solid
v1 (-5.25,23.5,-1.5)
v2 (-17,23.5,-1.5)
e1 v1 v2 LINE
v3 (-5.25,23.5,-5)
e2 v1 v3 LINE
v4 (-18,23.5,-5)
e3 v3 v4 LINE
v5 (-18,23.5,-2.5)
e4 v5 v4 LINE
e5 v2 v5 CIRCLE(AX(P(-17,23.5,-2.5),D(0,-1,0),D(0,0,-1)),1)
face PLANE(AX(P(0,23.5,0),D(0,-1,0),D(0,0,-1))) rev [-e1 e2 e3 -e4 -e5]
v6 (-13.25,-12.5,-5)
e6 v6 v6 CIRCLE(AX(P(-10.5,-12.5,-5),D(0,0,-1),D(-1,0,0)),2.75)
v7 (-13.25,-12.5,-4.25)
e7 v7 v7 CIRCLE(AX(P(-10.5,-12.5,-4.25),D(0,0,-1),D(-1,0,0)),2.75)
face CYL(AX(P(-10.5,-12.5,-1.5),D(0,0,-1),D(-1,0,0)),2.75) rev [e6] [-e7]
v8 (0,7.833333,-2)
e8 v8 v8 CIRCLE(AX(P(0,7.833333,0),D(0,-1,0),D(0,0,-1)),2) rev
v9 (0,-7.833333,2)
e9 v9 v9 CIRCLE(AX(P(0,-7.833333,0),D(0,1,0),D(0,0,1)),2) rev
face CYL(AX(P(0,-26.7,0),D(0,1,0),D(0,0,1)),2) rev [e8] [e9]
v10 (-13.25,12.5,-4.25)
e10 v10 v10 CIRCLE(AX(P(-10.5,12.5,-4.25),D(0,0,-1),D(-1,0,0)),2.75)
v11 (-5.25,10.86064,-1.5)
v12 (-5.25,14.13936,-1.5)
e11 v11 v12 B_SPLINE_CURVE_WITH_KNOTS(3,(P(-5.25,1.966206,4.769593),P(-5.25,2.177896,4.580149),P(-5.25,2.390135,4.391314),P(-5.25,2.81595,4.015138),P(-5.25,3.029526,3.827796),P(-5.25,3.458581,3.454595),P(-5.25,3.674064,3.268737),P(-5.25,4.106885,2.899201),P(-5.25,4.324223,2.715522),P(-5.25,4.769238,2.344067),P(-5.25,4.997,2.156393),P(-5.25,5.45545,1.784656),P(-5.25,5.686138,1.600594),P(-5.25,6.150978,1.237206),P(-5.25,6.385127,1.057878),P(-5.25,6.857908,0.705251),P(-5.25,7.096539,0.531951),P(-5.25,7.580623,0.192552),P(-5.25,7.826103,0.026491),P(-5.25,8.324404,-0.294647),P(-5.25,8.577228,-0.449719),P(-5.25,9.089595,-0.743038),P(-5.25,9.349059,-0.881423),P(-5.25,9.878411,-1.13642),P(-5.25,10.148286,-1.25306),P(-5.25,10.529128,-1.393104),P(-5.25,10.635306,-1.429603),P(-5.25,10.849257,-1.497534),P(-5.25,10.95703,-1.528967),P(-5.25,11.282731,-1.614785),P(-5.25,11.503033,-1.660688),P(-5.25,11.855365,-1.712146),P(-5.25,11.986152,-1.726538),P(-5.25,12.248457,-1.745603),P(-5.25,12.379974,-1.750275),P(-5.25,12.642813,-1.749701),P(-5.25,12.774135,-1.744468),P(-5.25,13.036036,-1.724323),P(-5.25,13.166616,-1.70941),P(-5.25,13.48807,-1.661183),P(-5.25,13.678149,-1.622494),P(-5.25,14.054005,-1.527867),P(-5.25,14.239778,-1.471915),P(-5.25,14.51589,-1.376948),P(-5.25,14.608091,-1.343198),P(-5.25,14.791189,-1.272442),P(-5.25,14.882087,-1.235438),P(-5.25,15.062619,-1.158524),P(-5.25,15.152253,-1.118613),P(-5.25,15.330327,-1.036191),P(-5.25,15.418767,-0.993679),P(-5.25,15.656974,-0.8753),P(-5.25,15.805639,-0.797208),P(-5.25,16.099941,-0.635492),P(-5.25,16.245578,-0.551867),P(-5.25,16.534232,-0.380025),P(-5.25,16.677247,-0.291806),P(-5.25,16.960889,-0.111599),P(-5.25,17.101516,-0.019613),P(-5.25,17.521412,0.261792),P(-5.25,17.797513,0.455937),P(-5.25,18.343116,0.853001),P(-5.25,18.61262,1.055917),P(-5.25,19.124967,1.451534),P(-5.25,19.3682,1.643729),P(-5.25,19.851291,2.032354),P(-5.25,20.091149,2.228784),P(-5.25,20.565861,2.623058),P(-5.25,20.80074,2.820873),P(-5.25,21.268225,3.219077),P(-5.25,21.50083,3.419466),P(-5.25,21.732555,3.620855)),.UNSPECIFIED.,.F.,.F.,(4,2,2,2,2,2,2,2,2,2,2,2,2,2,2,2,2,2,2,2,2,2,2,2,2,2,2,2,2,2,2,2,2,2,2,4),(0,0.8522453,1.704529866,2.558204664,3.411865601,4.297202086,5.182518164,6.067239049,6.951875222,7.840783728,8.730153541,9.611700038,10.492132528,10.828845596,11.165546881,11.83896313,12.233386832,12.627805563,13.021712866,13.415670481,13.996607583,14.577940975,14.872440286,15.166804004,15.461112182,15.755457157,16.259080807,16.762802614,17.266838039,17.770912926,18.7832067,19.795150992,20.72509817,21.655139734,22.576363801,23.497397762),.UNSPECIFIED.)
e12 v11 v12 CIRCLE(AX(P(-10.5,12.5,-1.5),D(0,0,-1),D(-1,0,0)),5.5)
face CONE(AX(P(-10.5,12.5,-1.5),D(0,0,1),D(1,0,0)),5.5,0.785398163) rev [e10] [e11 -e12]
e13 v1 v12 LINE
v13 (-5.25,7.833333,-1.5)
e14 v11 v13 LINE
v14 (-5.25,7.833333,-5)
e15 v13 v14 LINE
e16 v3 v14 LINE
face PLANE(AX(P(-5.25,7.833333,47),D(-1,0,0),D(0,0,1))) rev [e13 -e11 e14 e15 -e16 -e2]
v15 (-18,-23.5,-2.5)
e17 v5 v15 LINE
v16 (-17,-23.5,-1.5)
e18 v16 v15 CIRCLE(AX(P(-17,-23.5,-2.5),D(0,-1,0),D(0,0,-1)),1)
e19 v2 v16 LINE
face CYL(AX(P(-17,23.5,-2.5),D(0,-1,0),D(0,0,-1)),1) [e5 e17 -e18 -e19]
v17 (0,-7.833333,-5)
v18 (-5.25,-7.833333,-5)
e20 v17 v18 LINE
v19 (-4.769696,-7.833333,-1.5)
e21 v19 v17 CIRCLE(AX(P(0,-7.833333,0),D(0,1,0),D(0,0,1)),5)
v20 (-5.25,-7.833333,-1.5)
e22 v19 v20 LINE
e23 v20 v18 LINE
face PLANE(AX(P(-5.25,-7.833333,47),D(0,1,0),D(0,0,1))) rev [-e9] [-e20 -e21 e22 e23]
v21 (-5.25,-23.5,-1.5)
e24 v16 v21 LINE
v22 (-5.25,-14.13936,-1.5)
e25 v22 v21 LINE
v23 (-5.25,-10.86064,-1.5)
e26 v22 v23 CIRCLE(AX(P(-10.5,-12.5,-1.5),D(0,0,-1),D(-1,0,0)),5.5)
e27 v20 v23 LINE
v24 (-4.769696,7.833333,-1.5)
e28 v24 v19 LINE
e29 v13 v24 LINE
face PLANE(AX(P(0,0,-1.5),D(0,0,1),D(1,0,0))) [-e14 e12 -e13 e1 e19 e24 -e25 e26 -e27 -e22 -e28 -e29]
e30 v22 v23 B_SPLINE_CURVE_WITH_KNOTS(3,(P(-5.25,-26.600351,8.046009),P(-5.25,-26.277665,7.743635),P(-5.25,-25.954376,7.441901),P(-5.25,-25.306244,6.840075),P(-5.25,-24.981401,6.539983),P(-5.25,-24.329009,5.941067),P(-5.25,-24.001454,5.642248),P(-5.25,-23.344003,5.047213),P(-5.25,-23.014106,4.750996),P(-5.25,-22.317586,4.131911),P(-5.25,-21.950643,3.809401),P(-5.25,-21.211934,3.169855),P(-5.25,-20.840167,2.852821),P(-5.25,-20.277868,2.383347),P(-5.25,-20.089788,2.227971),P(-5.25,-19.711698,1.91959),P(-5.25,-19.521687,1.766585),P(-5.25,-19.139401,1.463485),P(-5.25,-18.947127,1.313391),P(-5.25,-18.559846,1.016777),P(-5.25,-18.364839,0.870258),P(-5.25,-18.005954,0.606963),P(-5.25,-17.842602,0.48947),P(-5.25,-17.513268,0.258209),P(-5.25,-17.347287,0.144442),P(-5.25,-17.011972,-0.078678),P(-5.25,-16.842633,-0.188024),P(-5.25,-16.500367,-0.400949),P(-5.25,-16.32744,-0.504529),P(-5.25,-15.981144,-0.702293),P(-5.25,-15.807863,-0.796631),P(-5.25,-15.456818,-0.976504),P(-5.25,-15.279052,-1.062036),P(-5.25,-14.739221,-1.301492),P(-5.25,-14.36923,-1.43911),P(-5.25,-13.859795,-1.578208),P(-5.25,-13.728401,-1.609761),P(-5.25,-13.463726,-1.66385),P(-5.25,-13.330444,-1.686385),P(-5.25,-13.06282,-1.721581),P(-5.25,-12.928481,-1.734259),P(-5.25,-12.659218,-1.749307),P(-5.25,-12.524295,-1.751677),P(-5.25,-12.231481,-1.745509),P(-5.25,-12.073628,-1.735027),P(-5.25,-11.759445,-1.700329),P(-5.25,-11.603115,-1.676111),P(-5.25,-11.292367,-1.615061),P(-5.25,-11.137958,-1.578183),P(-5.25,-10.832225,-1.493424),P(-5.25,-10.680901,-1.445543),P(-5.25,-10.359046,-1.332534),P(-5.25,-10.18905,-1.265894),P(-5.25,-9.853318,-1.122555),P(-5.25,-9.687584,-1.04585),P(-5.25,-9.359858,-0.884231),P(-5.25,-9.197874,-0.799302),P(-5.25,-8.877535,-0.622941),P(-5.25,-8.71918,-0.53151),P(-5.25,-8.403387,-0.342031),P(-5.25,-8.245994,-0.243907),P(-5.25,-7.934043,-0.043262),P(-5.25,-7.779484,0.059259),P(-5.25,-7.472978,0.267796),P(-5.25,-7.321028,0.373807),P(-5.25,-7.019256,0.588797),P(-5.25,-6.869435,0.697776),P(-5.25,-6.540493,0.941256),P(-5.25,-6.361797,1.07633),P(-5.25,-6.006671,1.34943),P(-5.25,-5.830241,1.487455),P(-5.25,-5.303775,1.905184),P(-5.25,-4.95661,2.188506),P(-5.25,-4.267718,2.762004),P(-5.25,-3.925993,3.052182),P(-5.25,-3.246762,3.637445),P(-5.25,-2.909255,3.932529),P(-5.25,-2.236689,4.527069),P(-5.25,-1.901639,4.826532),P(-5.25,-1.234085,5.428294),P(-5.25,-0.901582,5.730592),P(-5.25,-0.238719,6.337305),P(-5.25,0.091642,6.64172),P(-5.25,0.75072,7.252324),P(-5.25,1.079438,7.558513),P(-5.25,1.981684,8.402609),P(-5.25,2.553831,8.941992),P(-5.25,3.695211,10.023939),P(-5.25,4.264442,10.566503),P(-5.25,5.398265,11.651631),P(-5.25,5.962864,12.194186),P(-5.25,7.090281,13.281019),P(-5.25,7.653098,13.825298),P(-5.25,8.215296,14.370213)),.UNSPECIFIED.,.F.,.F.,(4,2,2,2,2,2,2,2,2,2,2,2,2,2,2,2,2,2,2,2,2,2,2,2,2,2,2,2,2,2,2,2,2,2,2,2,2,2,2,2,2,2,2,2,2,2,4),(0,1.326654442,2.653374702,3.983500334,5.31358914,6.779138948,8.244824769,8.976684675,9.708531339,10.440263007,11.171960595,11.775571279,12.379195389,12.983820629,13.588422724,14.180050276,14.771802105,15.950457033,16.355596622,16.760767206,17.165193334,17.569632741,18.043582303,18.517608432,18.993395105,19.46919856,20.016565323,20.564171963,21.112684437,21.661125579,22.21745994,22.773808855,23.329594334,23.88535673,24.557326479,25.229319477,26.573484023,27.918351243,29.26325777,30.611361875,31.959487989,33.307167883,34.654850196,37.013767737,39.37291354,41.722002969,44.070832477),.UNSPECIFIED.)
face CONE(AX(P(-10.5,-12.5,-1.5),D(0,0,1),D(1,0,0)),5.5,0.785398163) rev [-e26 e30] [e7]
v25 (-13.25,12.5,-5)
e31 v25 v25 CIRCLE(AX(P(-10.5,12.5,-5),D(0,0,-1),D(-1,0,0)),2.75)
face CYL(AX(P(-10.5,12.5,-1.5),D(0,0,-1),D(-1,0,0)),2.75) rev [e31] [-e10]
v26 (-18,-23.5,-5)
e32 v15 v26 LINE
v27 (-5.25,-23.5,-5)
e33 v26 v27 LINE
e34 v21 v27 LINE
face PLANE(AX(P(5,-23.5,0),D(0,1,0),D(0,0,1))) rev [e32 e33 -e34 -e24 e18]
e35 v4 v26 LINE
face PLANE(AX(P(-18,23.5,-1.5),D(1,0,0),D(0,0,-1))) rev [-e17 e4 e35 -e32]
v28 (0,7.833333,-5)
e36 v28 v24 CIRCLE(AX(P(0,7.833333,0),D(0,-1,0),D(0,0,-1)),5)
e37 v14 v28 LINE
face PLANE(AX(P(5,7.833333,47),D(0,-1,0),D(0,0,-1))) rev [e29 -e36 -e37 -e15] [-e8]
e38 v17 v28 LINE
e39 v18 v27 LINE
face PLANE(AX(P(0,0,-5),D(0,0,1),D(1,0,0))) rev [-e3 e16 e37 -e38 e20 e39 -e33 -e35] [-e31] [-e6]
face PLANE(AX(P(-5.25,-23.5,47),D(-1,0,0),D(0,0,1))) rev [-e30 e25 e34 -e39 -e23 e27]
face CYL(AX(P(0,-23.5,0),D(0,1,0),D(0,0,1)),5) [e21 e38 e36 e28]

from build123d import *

# Parameters (mm, degrees)
SKETCH1_W               = 5
SKETCH1_H               = 47
SKETCH2_W               = 18
SKETCH2_H               = 47
BOSS_EXTRUDE1_DEPTH     = 3.5
CUT_EXTRUDE1_DEPTH      = 47
CUT_EXTRUDE1_DEPTH_BACK = 47
SKETCH3_W               = 94
SKETCH3_H               = 94
SKETCH4_W               = 2
SKETCH4_H               = 53.4
CUT_EXTRUDE2_DEPTH      = 23.5
CUT_EXTRUDE2_DEPTH_BACK = 23.5


with BuildPart() as part:
    # Sketch1 → Revolve1 (revolve)
    with BuildSketch(Plane.XY):
        with Locations((2.5, 0)):
            Rectangle(SKETCH1_W, SKETCH1_H)
    revolve(axis=Axis((0, -23.5, 0), (0, 1, 0)))

    # Sketch2 → Boss-Extrude1 (add)
    with BuildSketch(Plane.XY.offset(-5)):
        with Locations((-9, 0)):
            Rectangle(SKETCH2_W, SKETCH2_H)
    extrude(amount=BOSS_EXTRUDE1_DEPTH)

    # Sketch3 → Cut-Extrude1 (cut, two sides: drawn at the far end of the back side and taken through both)
    with BuildSketch(Plane.XY.offset(-CUT_EXTRUDE1_DEPTH_BACK)):
        Rectangle(SKETCH3_W, SKETCH3_H)
        Polygon((-18, -23.5), (-5.25, -23.5), (-5.25, -7.833333333), (5, -7.833333333), (5, 7.833333333), (-5.25, 7.833333333), (-5.25, 23.5), (-18, 23.5), align=None, mode=Mode.SUBTRACT)
    extrude(amount=CUT_EXTRUDE1_DEPTH + CUT_EXTRUDE1_DEPTH_BACK, mode=Mode.SUBTRACT)

    # Sketch4 → Cut-Revolve1 (revolve, cut)
    with BuildSketch(Plane.XY):
        with Locations((1, 0)):
            Rectangle(SKETCH4_W, SKETCH4_H)
    revolve(axis=Axis((0, -26.7, 0), (0, 1, 0)), mode=Mode.SUBTRACT)

    # Sketch5 → Cut-Revolve2 (revolve, cut)
    with BuildSketch(Plane(origin=(-10.5, 0, 0), x_dir=(0, 0, -1), z_dir=(1, 0, 0))):
        Polygon((5, -12.5), (5, -15.25), (4.25, -15.25), (1.5, -18), (1.5, -12.5), align=None)
    revolve(axis=Axis((-10.5, -12.5, -1.5), (0, 0, -1)), mode=Mode.SUBTRACT)

    # Sketch6 → Cut-Revolve3 (revolve, cut)
    with BuildSketch(Plane(origin=(-10.5, 0, 0), x_dir=(0, 0, -1), z_dir=(1, 0, 0))):
        Polygon((5, 12.5), (5, 9.75), (4.25, 9.75), (1.5, 7), (1.5, 12.5), align=None)
    revolve(axis=Axis((-10.5, 12.5, -1.5), (0, 0, -1)), mode=Mode.SUBTRACT)

    # Sketch7 → Cut-Extrude2 (cut, two sides: drawn at the far end of the back side and taken through both)
    with BuildSketch(Plane(origin=(0, 0, 0), x_dir=(1, 0, 0), z_dir=(0, 1, 0)).offset(-CUT_EXTRUDE2_DEPTH_BACK)):
        with BuildLine():
            Line((-18, 1.5), (-17, 1.5))
            ThreePointArc((-17, 1.5), (-17.707106781, 1.792893219), (-18, 2.5))
            Line((-18, 2.5), (-18, 1.5))
        make_face()
    extrude(amount=CUT_EXTRUDE2_DEPTH + CUT_EXTRUDE2_DEPTH_BACK, mode=Mode.SUBTRACT)


solid = part.part
